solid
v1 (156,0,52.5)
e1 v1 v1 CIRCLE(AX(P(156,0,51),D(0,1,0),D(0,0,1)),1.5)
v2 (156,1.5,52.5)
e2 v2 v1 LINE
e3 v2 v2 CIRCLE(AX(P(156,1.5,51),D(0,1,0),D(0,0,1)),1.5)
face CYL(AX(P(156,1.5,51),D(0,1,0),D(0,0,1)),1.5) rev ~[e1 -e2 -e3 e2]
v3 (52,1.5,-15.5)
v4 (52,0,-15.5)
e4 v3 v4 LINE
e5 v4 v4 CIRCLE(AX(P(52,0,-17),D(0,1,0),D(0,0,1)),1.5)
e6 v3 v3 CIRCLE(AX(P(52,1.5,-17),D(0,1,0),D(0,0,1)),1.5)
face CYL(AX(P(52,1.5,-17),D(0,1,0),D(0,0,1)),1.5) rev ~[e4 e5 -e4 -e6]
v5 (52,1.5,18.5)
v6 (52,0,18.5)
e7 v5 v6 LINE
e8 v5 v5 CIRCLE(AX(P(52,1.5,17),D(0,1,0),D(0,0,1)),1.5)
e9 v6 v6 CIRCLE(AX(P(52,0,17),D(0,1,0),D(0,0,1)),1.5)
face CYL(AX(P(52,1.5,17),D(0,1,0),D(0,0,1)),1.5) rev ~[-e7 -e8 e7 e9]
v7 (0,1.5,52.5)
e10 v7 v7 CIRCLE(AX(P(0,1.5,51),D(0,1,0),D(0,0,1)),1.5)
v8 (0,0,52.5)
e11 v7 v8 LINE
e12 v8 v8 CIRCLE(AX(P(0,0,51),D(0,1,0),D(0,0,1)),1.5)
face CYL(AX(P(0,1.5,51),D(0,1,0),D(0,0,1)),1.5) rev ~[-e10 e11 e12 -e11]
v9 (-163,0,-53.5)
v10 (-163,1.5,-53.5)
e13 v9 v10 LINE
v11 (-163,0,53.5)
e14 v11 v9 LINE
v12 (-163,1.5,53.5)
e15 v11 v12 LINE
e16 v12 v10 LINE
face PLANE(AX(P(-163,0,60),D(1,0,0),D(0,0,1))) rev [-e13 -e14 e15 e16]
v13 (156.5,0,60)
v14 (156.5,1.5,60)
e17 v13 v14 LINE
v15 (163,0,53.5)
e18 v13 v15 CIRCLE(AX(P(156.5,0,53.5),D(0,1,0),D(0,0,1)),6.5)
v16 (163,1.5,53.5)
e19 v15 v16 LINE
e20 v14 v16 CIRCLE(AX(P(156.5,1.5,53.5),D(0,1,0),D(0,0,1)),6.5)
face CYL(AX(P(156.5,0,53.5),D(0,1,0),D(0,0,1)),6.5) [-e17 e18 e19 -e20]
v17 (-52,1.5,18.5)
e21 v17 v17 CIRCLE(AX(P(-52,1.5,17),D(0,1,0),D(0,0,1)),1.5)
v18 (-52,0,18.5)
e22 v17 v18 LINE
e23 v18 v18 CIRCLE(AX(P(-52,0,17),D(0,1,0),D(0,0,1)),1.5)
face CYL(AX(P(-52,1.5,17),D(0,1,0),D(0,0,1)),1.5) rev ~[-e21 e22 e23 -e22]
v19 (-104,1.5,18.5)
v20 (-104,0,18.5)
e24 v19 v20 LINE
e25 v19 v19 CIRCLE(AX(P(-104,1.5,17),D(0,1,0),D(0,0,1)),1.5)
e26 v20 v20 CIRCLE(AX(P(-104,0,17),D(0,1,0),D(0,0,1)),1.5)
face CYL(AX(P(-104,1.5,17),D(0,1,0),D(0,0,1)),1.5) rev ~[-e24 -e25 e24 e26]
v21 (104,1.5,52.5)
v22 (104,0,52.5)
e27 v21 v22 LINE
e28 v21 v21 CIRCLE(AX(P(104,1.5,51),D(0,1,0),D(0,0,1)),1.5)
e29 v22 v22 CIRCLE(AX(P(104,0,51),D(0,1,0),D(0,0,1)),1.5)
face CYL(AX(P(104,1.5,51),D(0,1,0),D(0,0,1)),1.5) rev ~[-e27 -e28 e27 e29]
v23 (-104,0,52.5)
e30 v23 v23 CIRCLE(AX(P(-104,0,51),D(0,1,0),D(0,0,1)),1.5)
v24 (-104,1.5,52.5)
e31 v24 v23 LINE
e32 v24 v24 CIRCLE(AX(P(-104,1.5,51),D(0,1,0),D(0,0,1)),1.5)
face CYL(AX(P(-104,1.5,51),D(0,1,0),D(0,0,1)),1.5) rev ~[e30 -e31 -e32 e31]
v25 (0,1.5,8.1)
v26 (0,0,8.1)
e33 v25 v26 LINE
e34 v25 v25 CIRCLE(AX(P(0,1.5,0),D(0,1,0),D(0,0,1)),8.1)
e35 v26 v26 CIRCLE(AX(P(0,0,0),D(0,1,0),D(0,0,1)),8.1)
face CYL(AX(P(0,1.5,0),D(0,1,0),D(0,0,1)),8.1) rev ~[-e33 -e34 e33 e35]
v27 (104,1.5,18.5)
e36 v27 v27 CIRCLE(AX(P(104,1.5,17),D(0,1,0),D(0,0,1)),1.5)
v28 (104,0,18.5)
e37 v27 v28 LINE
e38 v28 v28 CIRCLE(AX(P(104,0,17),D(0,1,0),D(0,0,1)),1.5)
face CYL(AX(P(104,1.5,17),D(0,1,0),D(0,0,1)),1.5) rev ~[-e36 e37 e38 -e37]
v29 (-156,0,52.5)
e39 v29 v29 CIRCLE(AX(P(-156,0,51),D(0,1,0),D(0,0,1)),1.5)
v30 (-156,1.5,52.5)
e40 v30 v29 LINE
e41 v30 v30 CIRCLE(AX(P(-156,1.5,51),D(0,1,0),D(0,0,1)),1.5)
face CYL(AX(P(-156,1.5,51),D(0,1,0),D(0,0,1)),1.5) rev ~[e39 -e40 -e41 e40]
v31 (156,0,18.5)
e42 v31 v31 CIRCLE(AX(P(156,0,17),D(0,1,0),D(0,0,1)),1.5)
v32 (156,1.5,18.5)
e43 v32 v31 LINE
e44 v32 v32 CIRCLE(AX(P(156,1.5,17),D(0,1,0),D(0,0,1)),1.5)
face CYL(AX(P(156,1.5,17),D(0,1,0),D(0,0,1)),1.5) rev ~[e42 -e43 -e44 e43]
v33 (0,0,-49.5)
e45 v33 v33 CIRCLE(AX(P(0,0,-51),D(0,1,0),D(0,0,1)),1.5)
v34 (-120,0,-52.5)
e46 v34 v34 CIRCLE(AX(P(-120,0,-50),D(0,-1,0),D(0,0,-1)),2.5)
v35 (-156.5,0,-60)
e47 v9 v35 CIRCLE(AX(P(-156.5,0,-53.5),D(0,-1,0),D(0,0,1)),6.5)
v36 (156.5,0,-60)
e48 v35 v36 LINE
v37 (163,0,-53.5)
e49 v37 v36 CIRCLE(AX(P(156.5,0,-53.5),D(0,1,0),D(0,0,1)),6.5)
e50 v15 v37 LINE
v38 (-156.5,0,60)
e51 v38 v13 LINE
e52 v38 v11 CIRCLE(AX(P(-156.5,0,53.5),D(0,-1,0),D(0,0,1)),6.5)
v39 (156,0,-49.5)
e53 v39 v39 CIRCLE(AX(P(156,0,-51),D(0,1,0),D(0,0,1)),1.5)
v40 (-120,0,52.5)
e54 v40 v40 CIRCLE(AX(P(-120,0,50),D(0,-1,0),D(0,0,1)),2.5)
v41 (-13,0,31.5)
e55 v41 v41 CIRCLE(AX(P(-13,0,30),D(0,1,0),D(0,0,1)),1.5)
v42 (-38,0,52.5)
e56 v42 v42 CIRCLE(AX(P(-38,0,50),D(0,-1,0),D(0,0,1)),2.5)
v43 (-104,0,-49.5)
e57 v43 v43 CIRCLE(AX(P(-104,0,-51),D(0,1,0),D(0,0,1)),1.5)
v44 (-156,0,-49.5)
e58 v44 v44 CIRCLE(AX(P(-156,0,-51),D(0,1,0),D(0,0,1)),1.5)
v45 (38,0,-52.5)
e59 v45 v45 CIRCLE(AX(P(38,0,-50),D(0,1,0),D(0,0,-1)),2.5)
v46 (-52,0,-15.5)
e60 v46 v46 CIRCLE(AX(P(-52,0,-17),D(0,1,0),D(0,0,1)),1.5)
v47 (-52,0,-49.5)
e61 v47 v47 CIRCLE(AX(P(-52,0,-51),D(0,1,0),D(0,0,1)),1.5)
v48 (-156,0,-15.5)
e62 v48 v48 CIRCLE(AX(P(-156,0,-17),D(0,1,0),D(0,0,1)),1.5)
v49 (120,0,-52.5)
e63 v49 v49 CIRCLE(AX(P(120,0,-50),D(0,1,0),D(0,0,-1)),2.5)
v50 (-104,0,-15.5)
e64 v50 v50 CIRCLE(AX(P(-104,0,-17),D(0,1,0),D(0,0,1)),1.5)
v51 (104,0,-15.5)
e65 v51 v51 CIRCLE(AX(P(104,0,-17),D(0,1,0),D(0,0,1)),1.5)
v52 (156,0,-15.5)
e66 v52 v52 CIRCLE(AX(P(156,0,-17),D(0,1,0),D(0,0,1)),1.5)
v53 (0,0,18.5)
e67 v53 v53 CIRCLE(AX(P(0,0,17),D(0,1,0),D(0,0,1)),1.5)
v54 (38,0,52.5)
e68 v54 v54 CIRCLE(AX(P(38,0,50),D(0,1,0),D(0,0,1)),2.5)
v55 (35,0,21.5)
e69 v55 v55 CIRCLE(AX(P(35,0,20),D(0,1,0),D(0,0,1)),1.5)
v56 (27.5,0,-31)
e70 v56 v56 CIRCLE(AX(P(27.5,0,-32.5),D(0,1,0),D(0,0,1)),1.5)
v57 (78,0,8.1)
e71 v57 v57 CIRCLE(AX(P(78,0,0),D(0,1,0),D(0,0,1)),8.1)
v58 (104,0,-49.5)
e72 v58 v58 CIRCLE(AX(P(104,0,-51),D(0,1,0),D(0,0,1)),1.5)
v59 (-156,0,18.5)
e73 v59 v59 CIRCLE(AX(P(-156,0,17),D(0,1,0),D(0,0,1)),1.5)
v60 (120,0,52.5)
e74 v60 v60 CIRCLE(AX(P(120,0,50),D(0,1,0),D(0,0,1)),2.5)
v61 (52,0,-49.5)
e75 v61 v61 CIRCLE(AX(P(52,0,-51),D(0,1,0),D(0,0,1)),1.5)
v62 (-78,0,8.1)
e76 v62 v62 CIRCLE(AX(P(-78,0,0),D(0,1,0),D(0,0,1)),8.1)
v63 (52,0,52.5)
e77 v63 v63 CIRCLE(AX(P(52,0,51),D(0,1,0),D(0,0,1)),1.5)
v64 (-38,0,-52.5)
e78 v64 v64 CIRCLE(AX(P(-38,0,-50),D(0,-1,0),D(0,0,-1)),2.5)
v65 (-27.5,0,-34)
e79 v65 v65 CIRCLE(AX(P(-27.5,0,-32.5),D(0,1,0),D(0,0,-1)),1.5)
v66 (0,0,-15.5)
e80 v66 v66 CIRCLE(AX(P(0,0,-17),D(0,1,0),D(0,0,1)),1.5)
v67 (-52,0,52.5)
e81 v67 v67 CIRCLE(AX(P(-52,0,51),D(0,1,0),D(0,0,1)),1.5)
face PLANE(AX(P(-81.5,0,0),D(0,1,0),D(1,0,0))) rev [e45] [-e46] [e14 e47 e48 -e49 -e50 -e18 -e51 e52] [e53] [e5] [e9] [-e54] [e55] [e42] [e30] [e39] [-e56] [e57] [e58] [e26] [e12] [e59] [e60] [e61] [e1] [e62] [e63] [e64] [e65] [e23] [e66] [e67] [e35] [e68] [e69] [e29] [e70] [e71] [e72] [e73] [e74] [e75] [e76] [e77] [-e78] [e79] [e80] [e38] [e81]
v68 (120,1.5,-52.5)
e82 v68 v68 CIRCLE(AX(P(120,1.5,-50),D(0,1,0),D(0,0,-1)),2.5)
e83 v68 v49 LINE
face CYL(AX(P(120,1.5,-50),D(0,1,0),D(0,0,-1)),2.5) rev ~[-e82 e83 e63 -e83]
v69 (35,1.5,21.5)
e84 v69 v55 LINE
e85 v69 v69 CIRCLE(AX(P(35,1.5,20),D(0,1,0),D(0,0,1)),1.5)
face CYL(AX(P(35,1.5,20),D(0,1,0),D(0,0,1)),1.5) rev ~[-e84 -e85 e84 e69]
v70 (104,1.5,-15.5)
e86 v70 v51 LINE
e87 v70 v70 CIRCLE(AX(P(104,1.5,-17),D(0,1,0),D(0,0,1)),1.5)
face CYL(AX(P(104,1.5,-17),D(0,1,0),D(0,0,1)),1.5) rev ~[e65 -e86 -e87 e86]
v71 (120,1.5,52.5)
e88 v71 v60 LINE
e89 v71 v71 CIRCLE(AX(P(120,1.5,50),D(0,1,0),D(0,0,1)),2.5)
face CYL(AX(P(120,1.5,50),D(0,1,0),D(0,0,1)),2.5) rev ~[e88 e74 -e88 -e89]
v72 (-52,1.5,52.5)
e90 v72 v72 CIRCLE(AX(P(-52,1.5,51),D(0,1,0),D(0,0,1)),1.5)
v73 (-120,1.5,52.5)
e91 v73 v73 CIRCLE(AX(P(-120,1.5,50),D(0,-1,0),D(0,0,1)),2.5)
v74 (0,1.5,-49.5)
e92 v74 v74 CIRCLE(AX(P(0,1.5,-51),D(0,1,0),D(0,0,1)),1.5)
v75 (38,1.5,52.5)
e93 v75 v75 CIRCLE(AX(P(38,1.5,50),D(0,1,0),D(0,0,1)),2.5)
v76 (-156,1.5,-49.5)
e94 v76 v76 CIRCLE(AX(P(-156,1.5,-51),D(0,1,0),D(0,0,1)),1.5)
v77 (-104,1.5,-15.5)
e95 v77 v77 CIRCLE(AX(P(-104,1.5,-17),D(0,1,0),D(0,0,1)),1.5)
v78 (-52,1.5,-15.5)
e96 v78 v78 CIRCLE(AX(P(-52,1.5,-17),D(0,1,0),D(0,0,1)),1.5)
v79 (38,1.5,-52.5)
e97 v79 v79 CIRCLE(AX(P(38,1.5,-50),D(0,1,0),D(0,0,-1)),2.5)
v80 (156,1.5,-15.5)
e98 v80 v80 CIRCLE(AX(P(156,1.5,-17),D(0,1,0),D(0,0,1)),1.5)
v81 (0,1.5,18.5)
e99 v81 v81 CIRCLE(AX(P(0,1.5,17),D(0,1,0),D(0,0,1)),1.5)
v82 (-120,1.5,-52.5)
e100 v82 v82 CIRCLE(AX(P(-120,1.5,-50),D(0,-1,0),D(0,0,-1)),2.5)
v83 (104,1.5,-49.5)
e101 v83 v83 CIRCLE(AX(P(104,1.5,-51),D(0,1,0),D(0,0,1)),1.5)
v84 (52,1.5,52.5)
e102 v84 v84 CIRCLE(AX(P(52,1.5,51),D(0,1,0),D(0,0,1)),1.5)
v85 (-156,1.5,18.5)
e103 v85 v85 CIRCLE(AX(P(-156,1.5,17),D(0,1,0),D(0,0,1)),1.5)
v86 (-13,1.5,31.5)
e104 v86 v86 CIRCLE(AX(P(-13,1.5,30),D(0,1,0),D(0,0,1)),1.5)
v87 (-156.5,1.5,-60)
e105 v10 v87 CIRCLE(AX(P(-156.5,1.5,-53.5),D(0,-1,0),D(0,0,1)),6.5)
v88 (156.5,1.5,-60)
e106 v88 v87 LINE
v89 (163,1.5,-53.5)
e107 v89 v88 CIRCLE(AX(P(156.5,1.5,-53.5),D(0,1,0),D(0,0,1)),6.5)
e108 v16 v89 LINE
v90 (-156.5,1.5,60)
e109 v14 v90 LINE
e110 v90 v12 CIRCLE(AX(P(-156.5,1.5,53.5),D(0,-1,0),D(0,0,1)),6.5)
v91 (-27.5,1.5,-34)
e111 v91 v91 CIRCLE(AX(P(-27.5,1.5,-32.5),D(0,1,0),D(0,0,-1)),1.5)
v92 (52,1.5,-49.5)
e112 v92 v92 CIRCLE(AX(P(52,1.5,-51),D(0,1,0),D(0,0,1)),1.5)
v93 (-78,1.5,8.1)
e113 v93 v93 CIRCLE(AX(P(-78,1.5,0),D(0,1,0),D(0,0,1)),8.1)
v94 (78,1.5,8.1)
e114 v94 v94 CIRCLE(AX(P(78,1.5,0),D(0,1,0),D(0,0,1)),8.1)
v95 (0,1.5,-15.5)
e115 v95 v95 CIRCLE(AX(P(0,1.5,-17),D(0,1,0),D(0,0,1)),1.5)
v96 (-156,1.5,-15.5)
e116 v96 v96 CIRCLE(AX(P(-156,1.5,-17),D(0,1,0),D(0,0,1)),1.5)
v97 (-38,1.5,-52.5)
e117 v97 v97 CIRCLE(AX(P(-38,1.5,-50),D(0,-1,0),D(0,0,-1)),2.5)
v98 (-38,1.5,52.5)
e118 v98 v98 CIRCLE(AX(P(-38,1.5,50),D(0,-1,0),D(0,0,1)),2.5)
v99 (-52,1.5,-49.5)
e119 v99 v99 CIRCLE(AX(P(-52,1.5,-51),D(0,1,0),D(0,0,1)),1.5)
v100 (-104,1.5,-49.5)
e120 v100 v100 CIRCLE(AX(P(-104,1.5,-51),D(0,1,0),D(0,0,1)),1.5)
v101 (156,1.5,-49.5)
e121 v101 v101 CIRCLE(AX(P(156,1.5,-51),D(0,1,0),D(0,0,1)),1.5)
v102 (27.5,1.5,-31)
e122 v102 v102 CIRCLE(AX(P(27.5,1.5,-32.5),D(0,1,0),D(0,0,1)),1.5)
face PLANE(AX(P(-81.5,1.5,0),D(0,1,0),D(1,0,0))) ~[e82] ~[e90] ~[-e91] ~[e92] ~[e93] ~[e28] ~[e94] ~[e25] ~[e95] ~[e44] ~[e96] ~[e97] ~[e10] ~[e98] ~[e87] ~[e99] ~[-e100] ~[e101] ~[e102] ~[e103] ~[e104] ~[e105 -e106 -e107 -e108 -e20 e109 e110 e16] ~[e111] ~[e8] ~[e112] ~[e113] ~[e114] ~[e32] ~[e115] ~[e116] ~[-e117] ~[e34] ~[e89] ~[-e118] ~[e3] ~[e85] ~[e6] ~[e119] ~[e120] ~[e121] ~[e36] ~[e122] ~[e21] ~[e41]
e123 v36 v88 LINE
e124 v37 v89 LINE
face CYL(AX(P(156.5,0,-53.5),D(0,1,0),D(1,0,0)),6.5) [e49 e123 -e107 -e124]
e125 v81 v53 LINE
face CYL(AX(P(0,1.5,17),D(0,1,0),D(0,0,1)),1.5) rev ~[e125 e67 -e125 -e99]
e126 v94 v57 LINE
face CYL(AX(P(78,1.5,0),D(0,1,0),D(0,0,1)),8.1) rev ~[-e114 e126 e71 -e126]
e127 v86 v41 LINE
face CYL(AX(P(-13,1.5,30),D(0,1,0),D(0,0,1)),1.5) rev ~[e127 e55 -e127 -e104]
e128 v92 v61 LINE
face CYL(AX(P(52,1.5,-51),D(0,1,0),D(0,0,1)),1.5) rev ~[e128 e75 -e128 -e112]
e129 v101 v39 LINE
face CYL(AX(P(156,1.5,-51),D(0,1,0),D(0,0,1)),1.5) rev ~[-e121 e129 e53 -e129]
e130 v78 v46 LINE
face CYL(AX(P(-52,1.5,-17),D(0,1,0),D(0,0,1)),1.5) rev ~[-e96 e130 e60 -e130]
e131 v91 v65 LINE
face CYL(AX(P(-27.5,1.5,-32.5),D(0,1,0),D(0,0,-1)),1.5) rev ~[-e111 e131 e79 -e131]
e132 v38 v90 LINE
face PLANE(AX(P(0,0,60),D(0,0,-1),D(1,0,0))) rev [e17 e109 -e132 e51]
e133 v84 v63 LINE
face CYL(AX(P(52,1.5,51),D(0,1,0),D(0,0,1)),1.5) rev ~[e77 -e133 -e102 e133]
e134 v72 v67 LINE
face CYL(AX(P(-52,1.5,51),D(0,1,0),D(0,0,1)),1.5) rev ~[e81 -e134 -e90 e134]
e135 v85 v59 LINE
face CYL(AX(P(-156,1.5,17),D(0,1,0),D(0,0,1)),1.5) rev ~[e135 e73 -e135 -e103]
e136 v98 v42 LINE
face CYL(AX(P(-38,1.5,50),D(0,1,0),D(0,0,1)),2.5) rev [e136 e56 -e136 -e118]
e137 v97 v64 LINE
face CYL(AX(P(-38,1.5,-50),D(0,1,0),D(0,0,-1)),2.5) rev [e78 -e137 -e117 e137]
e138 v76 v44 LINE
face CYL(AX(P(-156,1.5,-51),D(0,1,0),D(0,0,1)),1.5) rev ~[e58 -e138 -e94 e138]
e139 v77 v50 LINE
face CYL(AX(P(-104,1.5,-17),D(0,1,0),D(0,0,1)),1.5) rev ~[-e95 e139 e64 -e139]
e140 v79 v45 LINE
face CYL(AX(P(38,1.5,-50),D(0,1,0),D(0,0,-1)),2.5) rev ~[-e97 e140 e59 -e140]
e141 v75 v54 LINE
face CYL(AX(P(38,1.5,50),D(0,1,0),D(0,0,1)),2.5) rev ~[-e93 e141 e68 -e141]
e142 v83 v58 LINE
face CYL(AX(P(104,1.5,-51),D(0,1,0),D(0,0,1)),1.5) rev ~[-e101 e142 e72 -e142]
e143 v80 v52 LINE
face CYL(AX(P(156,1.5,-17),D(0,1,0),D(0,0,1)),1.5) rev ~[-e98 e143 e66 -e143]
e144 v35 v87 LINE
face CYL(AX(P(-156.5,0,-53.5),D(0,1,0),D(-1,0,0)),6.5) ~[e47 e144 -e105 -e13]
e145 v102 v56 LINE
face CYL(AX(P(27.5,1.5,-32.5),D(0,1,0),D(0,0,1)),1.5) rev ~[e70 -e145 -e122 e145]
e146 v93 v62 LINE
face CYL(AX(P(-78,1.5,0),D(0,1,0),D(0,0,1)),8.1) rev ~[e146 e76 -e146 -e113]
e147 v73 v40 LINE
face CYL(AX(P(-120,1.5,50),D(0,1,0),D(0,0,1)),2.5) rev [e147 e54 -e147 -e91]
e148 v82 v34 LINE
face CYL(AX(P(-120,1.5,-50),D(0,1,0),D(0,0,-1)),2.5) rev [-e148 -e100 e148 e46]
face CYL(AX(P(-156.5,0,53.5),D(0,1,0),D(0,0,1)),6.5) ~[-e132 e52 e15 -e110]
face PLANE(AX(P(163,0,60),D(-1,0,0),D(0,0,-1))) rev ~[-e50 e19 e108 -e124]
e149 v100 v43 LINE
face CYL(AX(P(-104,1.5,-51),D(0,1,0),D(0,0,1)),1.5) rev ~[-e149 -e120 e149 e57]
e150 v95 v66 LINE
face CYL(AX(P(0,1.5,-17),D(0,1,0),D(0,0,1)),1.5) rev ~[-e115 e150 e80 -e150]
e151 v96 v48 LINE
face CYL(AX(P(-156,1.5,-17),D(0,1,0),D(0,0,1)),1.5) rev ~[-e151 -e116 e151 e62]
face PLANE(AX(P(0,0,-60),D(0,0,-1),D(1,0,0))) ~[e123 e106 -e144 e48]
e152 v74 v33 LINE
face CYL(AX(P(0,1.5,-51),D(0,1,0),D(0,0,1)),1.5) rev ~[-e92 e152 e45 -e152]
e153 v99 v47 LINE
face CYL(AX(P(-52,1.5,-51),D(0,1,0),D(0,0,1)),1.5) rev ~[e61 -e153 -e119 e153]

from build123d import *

# Parameters (mm, degrees)
ESQUISSE1_W             = 163
ESQUISSE1_H             = 120
BOSS_EXTRU_1_DEPTH      = 1.5
CONG_2_R                = 6.5
ESQUISSE4_R             = 2.5
ENL_V_MAT_EXTRU_3_DEPTH = 174.698733444
ESQUISSE7_R             = 1.5
ENL_V_MAT_EXTRU_5_DEPTH = 174.698733444
ESQUISSE8_R             = 8.1
ENL_V_MAT_EXTRU_6_DEPTH = 174.698733444
ESQUISSE9_R             = 1.5
ENL_V_MAT_EXTRU_7_DEPTH = 174.698733444


with BuildPart() as part:
    # Esquisse1 → Boss.-Extru.1 (new body)
    with BuildSketch(Plane(origin=(0, 0, 0), x_dir=(1, 0, 0), z_dir=(0, 1, 0))):
        with Locations((81.5, 0)):
            Rectangle(ESQUISSE1_W, ESQUISSE1_H)
    extrude(amount=BOSS_EXTRU_1_DEPTH)

    # Congé2
    cong_2_edges = [part.edges().sort_by_distance(p)[0] for p in [
        (163, 0.75, -60),
        (163, 0.75, 60),
    ]]
    fillet(cong_2_edges, radius=CONG_2_R)

    # Esquisse4 → Enlèv. mat.-Extru.3 (cut, through all)
    with BuildSketch(Plane(origin=(0, 1.5, 0), x_dir=(1, 0, 0), z_dir=(0, 1, 0))):
        with Locations(Location((120, -50, 0), (0, 0, 270))):
            Circle(ESQUISSE4_R)
        with Locations(Location((38, -50, 0), (0, 0, 270))):
            Circle(ESQUISSE4_R)
        with Locations(Location((38, 50, 0), (0, 0, 90))):
            Circle(ESQUISSE4_R)
        with Locations(Location((120, 50, 0), (0, 0, 90))):
            Circle(ESQUISSE4_R)
    extrude(amount=-ENL_V_MAT_EXTRU_3_DEPTH, mode=Mode.SUBTRACT)

    # Symétrie1: part across plane


with BuildPart() as part_1:
    add(part.part)
    add(part.part.mirror(Plane(origin=(0, 1.5, -60), x_dir=(0, 0, 1), z_dir=(1, 0, 0))))

    # Esquisse7 → Enlèv. mat.-Extru.5 (cut, through all)
    with BuildSketch(Plane(origin=(0, 1.5, 0), x_dir=(1, 0, 0), z_dir=(0, 1, 0))):
        with Locations(Location((-156, -51, 0), (0, 0, 270))):
            Circle(ESQUISSE7_R)
        with Locations(Location((-104, -51, 0), (0, 0, 270))):
            Circle(ESQUISSE7_R)
        with Locations(Location((-52, -51, 0), (0, 0, 270))):
            Circle(ESQUISSE7_R)
        with Locations(Location((0, -51, 0), (0, 0, 270))):
            Circle(ESQUISSE7_R)
        with Locations(Location((52, -51, 0), (0, 0, 270))):
            Circle(ESQUISSE7_R)
        with Locations(Location((-104, -17, 0), (0, 0, 270))):
            Circle(ESQUISSE7_R)
        with Locations(Location((-52, -17, 0), (0, 0, 270))):
            Circle(ESQUISSE7_R)
        with Locations(Location((0, -17, 0), (0, 0, 270))):
            Circle(ESQUISSE7_R)
        with Locations(Location((52, -17, 0), (0, 0, 270))):
            Circle(ESQUISSE7_R)
        with Locations(Location((-104, 17, 0), (0, 0, 270))):
            Circle(ESQUISSE7_R)
        with Locations(Location((-52, 17, 0), (0, 0, 270))):
            Circle(ESQUISSE7_R)
        with Locations(Location((0, 17, 0), (0, 0, 270))):
            Circle(ESQUISSE7_R)
        with Locations(Location((52, 17, 0), (0, 0, 270))):
            Circle(ESQUISSE7_R)
        with Locations(Location((-156, -17, 0), (0, 0, 270))):
            Circle(ESQUISSE7_R)
        with Locations(Location((-156, 17, 0), (0, 0, 270))):
            Circle(ESQUISSE7_R)
        with Locations(Location((-156, 51, 0), (0, 0, 270))):
            Circle(ESQUISSE7_R)
        with Locations(Location((-104, 51, 0), (0, 0, 270))):
            Circle(ESQUISSE7_R)
        with Locations(Location((-52, 51, 0), (0, 0, 270))):
            Circle(ESQUISSE7_R)
        with Locations(Location((0, 51, 0), (0, 0, 270))):
            Circle(ESQUISSE7_R)
        with Locations(Location((52, 51, 0), (0, 0, 270))):
            Circle(ESQUISSE7_R)
        with Locations(Location((104, -51, 0), (0, 0, 270))):
            Circle(ESQUISSE7_R)
        with Locations(Location((104, -17, 0), (0, 0, 270))):
            Circle(ESQUISSE7_R)
        with Locations(Location((104, 17, 0), (0, 0, 270))):
            Circle(ESQUISSE7_R)
        with Locations(Location((104, 51, 0), (0, 0, 270))):
            Circle(ESQUISSE7_R)
        with Locations(Location((156, -51, 0), (0, 0, 270))):
            Circle(ESQUISSE7_R)
        with Locations(Location((156, -17, 0), (0, 0, 270))):
            Circle(ESQUISSE7_R)
        with Locations(Location((156, 17, 0), (0, 0, 270))):
            Circle(ESQUISSE7_R)
        with Locations(Location((156, 51, 0), (0, 0, 270))):
            Circle(ESQUISSE7_R)
    extrude(amount=-ENL_V_MAT_EXTRU_5_DEPTH, mode=Mode.SUBTRACT)

    # Esquisse8 → Enlèv. mat.-Extru.6 (cut, through all)
    with BuildSketch(Plane(origin=(0, 1.5, 0), x_dir=(1, 0, 0), z_dir=(0, 1, 0))):
        with Locations(Location((0, 0, 0), (0, 0, 270))):
            Circle(ESQUISSE8_R)
        with Locations(Location((-78, 0, 0), (0, 0, 270))):
            Circle(ESQUISSE8_R)
        with Locations(Location((78, 0, 0), (0, 0, 270))):
            Circle(ESQUISSE8_R)
    extrude(amount=-ENL_V_MAT_EXTRU_6_DEPTH, mode=Mode.SUBTRACT)

    # Esquisse9 → Enlèv. mat.-Extru.7 (cut, through all)
    with BuildSketch(Plane(origin=(0, 1.5, 0), x_dir=(1, 0, 0), z_dir=(0, 1, 0))):
        with Locations(Location((27.5, 32.5, 0), (0, 0, 270))):
            Circle(ESQUISSE9_R)
        with Locations(Location((-13, -30, 0), (0, 0, 270))):
            Circle(ESQUISSE9_R)
        with Locations(Location((35, -20, 0), (0, 0, 270))):
            Circle(ESQUISSE9_R)
        with Locations(Location((-27.5, 32.5, 0), (0, 0, 90))):
            Circle(ESQUISSE9_R)
    extrude(amount=-ENL_V_MAT_EXTRU_7_DEPTH, mode=Mode.SUBTRACT)


solid = part_1.part
